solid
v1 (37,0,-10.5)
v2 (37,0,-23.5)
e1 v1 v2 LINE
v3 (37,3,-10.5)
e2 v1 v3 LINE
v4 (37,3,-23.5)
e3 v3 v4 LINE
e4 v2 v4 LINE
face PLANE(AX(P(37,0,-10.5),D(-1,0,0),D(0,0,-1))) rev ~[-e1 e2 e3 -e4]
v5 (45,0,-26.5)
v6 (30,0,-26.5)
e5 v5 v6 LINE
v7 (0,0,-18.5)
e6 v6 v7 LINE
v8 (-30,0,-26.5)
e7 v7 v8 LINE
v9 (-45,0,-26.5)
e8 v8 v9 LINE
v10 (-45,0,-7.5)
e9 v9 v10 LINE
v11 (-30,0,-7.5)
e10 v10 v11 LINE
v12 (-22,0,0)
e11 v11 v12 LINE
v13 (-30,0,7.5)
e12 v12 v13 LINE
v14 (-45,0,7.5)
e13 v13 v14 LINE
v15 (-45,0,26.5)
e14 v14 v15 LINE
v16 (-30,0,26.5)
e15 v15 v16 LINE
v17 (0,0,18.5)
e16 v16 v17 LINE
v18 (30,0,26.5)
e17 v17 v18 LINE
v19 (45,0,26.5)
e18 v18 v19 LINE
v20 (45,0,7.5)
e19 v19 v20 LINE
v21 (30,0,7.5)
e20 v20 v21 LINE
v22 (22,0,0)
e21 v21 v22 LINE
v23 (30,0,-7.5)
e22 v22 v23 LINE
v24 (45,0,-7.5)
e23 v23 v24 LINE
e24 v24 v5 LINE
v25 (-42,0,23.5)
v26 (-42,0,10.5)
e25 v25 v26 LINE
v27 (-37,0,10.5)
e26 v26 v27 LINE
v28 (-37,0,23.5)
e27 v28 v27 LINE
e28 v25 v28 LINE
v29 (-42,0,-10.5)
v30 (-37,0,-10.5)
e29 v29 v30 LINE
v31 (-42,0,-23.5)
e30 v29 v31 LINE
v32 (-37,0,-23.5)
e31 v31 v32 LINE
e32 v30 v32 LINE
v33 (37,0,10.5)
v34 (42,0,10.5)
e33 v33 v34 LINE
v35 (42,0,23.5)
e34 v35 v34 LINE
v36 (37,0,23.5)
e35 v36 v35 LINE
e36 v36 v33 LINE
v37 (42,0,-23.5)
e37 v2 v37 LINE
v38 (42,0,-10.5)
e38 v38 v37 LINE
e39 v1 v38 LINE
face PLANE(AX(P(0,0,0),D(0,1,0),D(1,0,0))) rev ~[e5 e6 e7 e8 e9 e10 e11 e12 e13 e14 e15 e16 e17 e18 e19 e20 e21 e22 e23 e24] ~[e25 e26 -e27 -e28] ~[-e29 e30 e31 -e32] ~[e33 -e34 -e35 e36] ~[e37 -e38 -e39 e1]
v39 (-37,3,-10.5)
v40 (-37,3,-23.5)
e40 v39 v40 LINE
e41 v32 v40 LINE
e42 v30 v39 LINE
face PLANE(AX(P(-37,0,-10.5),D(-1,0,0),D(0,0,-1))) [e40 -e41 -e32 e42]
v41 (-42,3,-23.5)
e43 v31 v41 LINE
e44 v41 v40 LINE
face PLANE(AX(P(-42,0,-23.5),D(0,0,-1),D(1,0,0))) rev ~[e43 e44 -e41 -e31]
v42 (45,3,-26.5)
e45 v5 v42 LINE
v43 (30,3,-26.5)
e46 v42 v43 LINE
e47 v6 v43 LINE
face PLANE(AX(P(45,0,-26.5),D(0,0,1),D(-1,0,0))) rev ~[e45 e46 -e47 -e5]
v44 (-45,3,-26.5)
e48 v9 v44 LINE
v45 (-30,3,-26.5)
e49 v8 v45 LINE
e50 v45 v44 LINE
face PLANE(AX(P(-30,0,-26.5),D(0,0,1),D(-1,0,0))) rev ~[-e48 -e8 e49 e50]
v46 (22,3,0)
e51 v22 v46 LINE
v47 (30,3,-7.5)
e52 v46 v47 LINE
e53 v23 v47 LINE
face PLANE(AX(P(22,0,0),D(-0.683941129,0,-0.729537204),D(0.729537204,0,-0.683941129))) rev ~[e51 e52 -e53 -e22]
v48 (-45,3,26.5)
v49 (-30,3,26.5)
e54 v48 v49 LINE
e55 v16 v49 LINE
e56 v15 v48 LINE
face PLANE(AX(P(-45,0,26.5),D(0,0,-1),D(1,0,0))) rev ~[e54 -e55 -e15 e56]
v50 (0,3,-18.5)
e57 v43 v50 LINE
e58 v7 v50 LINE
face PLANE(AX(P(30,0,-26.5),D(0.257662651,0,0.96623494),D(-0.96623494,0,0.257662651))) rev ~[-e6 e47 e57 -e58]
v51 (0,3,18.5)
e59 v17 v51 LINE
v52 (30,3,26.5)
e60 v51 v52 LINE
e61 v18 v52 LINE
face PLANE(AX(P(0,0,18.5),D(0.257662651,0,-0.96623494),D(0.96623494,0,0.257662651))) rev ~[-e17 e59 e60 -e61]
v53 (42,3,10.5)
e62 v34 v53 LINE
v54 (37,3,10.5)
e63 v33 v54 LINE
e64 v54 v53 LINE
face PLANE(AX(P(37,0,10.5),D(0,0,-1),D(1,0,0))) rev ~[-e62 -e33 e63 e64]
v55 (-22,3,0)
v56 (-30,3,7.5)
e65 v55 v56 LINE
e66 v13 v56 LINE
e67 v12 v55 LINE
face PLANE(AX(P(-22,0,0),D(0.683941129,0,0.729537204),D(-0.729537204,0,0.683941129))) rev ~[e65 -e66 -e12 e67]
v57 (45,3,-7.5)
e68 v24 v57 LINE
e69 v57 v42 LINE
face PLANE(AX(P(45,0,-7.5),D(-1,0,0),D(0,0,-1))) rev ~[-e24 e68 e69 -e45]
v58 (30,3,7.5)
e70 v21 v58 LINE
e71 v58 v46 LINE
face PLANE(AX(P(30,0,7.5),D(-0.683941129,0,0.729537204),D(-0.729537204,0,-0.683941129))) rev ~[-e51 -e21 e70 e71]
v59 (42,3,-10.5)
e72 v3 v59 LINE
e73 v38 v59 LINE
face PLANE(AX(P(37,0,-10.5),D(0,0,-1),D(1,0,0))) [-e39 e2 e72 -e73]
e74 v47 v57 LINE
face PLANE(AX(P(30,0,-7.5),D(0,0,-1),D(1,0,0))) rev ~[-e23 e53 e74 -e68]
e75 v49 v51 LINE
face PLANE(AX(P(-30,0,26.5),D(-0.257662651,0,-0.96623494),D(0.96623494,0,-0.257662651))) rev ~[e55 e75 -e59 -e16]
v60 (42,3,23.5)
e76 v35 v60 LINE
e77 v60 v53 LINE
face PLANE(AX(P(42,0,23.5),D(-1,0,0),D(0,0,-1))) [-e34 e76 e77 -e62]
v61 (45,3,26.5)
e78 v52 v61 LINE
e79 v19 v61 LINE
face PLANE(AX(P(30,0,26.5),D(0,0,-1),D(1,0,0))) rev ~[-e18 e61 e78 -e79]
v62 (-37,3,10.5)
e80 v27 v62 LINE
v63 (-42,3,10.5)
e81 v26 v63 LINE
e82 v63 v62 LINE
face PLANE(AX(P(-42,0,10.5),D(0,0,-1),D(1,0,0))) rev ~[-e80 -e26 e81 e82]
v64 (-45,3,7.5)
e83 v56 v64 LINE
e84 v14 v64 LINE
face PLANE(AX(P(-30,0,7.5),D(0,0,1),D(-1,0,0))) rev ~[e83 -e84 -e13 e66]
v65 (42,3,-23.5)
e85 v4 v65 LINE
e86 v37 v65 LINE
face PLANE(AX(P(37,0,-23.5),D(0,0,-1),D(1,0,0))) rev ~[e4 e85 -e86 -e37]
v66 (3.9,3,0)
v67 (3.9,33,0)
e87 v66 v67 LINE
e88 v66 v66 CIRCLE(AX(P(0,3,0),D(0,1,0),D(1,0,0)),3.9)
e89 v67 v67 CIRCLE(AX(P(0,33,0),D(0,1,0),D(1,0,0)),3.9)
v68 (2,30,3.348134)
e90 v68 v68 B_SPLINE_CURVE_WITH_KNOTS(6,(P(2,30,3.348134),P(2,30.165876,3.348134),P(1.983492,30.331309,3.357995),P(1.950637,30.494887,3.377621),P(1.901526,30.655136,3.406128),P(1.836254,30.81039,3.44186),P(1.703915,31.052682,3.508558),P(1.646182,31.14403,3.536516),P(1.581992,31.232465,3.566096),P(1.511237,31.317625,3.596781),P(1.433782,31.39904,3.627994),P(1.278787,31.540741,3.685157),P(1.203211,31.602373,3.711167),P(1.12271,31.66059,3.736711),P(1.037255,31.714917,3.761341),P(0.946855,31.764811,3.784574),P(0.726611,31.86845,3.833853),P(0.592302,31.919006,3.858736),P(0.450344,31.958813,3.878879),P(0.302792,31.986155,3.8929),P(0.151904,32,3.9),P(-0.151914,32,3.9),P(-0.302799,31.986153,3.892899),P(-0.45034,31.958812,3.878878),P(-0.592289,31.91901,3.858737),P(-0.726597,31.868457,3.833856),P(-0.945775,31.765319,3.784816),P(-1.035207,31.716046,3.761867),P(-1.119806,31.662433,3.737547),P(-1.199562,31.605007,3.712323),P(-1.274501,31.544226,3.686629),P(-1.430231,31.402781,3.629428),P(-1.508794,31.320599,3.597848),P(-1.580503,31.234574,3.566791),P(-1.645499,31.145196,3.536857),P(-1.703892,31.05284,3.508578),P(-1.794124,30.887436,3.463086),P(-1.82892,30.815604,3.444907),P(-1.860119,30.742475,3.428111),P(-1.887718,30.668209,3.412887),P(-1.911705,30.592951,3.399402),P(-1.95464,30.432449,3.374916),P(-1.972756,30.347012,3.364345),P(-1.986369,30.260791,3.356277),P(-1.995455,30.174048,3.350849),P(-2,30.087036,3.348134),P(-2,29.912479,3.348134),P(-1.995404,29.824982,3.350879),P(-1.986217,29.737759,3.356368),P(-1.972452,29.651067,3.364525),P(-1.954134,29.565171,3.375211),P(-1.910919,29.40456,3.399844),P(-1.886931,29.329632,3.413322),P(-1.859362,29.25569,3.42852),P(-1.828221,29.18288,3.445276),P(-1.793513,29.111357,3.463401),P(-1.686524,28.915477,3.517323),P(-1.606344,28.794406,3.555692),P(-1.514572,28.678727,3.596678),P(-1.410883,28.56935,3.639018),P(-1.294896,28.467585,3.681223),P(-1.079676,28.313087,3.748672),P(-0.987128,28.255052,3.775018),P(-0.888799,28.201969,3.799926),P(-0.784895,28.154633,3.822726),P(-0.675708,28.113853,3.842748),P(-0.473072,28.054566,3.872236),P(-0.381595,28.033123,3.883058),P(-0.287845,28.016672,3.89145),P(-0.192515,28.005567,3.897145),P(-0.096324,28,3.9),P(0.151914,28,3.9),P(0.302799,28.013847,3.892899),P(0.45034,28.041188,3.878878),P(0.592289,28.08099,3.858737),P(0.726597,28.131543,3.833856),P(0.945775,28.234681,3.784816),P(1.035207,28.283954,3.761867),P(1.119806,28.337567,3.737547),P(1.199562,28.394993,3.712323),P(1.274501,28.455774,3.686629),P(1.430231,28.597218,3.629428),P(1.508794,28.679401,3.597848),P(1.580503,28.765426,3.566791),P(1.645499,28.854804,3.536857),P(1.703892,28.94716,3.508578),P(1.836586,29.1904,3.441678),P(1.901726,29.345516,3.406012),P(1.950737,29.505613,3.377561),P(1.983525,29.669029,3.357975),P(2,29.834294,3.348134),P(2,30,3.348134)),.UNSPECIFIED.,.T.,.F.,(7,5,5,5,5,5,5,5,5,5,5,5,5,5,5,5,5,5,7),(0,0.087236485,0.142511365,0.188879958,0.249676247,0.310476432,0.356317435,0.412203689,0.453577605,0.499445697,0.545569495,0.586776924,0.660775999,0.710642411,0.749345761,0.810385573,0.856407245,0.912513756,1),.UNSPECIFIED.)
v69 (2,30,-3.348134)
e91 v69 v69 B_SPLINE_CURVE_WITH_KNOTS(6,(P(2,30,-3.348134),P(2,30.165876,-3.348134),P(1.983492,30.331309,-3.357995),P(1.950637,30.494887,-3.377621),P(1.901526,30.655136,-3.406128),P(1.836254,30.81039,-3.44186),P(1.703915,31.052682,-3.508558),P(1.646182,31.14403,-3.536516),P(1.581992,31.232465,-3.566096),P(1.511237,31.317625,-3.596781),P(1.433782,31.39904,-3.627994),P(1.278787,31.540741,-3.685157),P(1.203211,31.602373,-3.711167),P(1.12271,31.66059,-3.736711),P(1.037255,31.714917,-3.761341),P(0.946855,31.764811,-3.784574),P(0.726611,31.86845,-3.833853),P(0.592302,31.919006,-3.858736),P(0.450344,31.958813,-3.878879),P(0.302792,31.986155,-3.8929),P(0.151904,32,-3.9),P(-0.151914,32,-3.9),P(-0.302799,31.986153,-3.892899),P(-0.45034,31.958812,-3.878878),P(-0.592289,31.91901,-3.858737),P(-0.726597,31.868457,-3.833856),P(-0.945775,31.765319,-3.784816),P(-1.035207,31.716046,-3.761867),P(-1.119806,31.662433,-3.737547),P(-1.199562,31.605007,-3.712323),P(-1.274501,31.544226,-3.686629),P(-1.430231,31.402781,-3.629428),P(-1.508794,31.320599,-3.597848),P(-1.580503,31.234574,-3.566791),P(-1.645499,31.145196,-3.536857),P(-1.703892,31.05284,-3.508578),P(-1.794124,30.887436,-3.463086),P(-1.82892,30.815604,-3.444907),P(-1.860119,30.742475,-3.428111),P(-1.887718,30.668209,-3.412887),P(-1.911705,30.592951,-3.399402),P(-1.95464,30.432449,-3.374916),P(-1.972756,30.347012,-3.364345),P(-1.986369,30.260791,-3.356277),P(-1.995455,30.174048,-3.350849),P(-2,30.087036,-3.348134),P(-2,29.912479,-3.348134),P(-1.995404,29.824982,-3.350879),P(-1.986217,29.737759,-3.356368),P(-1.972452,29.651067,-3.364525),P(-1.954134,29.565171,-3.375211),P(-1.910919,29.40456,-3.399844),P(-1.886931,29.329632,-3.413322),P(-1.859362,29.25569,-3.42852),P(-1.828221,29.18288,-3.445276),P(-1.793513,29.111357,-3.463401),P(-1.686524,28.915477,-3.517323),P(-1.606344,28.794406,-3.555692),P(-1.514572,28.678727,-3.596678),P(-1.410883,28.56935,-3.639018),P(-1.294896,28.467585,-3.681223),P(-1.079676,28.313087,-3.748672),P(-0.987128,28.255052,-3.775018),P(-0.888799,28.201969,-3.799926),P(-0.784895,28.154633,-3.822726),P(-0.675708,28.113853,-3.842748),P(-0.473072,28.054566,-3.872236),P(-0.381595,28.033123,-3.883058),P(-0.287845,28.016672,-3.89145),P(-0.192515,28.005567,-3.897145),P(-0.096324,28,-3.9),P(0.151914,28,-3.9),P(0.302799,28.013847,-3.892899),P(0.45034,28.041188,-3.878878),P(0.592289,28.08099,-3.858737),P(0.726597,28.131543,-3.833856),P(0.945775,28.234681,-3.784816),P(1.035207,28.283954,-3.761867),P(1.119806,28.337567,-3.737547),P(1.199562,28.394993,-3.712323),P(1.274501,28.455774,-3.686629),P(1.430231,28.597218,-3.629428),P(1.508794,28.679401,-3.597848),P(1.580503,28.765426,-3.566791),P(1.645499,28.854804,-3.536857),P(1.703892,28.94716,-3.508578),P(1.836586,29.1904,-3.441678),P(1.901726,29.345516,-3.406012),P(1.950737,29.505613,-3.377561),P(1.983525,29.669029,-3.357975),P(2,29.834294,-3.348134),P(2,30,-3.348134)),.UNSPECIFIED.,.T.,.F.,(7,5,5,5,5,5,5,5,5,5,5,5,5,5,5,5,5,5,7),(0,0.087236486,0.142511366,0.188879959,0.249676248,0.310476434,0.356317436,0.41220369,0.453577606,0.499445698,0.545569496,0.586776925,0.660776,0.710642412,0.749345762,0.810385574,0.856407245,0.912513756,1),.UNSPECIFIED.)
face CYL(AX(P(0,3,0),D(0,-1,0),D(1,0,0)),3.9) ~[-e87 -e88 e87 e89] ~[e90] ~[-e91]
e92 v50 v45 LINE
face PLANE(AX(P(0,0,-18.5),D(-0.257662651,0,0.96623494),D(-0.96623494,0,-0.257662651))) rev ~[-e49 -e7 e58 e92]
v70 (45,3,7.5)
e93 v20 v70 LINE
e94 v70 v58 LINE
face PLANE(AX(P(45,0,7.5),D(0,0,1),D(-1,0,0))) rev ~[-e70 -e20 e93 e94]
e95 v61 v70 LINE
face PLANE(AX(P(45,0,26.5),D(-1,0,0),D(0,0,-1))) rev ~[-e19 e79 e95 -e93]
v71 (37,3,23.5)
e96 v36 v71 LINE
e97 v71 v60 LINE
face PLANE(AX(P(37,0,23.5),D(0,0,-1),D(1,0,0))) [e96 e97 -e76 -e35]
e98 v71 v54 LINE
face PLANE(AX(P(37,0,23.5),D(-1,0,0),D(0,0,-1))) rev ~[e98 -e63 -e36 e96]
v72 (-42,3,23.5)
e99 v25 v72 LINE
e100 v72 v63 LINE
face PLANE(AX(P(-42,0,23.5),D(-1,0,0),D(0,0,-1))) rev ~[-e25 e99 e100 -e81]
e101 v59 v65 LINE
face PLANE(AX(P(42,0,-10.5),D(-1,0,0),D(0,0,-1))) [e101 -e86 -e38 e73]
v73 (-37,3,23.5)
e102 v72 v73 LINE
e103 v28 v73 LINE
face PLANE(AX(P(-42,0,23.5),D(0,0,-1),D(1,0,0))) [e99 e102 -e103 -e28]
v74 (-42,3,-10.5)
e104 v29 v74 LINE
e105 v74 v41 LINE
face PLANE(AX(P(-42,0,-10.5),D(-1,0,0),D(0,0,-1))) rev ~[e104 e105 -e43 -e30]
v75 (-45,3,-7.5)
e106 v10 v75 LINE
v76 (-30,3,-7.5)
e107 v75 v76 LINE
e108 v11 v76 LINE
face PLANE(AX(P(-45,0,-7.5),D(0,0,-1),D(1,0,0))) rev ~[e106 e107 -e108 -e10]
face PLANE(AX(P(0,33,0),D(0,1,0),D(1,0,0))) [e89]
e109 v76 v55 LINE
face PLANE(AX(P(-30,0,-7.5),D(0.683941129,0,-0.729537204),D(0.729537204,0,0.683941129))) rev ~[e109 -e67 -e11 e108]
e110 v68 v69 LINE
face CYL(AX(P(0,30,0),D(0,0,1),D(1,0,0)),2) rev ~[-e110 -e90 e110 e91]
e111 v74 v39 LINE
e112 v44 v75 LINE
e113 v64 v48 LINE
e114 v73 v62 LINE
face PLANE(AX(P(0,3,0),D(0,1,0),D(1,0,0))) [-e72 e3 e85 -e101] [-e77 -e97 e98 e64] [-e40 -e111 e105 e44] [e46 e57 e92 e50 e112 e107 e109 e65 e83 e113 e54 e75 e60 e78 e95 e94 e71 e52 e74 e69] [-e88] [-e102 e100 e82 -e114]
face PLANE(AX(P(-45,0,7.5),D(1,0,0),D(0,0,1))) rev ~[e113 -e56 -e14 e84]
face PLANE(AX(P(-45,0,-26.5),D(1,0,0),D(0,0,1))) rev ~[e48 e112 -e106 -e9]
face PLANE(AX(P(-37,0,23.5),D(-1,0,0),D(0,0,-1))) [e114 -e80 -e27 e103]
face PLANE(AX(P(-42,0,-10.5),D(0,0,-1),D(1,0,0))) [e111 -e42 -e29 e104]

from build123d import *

# Parameters (mm, degrees)
CROQUIS1_W                 = 5
CROQUIS1_H                 = 13
SALIENTE_EXTRUIR1_DEPTH    = 3
CROQUIS9_R                 = 3.9
SALIENTE_EXTRUIR2_DEPTH    = 30
CROQUIS10_R                = 2
CORTAR_EXTRUIR7_DEPTH      = 27.5
CORTAR_EXTRUIR7_DEPTH_BACK = 27.5


with BuildPart() as part:
    # Croquis1 → Saliente-Extruir1 (new body)
    with BuildSketch(Plane(origin=(0, 0, 0), x_dir=(1, 0, 0), z_dir=(0, 1, 0))):
        Polygon((-45, -26.5), (-30, -26.5), (0, -18.5), (30, -26.5), (45, -26.5), (45, -7.5), (30, -7.5), (22, 0), (30, 7.5), (45, 7.5), (45, 26.5), (30, 26.5), (0, 18.5), (-30, 26.5), (-45, 26.5), (-45, 7.5), (-30, 7.5), (-22, 0), (-30, -7.5), (-45, -7.5), align=None)
        with Locations((39.5, -17)):
            Rectangle(CROQUIS1_W, CROQUIS1_H, mode=Mode.SUBTRACT)
        with Locations((39.5, 17)):
            Rectangle(CROQUIS1_W, CROQUIS1_H, mode=Mode.SUBTRACT)
        with Locations((-39.5, 17)):
            Rectangle(CROQUIS1_W, CROQUIS1_H, mode=Mode.SUBTRACT)
        with Locations((-39.5, -17)):
            Rectangle(CROQUIS1_W, CROQUIS1_H, mode=Mode.SUBTRACT)
    extrude(amount=SALIENTE_EXTRUIR1_DEPTH)

    # Croquis9 → Saliente-Extruir2 (add)
    with BuildSketch(Plane(origin=(0, 3, 0), x_dir=(1, 0, 0), z_dir=(0, 1, 0))):
        Circle(CROQUIS9_R)
    extrude(amount=SALIENTE_EXTRUIR2_DEPTH)

    # Croquis10 → Cortar-Extruir7 (cut, two sides)
    with BuildSketch(Plane.XY) as cortar_extruir7_sk:
        with Locations((0, 30)):
            Circle(CROQUIS10_R)
    extrude(amount=CORTAR_EXTRUIR7_DEPTH, mode=Mode.SUBTRACT)
    extrude(cortar_extruir7_sk.sketch, amount=-CORTAR_EXTRUIR7_DEPTH_BACK, mode=Mode.SUBTRACT)


solid = part.part
